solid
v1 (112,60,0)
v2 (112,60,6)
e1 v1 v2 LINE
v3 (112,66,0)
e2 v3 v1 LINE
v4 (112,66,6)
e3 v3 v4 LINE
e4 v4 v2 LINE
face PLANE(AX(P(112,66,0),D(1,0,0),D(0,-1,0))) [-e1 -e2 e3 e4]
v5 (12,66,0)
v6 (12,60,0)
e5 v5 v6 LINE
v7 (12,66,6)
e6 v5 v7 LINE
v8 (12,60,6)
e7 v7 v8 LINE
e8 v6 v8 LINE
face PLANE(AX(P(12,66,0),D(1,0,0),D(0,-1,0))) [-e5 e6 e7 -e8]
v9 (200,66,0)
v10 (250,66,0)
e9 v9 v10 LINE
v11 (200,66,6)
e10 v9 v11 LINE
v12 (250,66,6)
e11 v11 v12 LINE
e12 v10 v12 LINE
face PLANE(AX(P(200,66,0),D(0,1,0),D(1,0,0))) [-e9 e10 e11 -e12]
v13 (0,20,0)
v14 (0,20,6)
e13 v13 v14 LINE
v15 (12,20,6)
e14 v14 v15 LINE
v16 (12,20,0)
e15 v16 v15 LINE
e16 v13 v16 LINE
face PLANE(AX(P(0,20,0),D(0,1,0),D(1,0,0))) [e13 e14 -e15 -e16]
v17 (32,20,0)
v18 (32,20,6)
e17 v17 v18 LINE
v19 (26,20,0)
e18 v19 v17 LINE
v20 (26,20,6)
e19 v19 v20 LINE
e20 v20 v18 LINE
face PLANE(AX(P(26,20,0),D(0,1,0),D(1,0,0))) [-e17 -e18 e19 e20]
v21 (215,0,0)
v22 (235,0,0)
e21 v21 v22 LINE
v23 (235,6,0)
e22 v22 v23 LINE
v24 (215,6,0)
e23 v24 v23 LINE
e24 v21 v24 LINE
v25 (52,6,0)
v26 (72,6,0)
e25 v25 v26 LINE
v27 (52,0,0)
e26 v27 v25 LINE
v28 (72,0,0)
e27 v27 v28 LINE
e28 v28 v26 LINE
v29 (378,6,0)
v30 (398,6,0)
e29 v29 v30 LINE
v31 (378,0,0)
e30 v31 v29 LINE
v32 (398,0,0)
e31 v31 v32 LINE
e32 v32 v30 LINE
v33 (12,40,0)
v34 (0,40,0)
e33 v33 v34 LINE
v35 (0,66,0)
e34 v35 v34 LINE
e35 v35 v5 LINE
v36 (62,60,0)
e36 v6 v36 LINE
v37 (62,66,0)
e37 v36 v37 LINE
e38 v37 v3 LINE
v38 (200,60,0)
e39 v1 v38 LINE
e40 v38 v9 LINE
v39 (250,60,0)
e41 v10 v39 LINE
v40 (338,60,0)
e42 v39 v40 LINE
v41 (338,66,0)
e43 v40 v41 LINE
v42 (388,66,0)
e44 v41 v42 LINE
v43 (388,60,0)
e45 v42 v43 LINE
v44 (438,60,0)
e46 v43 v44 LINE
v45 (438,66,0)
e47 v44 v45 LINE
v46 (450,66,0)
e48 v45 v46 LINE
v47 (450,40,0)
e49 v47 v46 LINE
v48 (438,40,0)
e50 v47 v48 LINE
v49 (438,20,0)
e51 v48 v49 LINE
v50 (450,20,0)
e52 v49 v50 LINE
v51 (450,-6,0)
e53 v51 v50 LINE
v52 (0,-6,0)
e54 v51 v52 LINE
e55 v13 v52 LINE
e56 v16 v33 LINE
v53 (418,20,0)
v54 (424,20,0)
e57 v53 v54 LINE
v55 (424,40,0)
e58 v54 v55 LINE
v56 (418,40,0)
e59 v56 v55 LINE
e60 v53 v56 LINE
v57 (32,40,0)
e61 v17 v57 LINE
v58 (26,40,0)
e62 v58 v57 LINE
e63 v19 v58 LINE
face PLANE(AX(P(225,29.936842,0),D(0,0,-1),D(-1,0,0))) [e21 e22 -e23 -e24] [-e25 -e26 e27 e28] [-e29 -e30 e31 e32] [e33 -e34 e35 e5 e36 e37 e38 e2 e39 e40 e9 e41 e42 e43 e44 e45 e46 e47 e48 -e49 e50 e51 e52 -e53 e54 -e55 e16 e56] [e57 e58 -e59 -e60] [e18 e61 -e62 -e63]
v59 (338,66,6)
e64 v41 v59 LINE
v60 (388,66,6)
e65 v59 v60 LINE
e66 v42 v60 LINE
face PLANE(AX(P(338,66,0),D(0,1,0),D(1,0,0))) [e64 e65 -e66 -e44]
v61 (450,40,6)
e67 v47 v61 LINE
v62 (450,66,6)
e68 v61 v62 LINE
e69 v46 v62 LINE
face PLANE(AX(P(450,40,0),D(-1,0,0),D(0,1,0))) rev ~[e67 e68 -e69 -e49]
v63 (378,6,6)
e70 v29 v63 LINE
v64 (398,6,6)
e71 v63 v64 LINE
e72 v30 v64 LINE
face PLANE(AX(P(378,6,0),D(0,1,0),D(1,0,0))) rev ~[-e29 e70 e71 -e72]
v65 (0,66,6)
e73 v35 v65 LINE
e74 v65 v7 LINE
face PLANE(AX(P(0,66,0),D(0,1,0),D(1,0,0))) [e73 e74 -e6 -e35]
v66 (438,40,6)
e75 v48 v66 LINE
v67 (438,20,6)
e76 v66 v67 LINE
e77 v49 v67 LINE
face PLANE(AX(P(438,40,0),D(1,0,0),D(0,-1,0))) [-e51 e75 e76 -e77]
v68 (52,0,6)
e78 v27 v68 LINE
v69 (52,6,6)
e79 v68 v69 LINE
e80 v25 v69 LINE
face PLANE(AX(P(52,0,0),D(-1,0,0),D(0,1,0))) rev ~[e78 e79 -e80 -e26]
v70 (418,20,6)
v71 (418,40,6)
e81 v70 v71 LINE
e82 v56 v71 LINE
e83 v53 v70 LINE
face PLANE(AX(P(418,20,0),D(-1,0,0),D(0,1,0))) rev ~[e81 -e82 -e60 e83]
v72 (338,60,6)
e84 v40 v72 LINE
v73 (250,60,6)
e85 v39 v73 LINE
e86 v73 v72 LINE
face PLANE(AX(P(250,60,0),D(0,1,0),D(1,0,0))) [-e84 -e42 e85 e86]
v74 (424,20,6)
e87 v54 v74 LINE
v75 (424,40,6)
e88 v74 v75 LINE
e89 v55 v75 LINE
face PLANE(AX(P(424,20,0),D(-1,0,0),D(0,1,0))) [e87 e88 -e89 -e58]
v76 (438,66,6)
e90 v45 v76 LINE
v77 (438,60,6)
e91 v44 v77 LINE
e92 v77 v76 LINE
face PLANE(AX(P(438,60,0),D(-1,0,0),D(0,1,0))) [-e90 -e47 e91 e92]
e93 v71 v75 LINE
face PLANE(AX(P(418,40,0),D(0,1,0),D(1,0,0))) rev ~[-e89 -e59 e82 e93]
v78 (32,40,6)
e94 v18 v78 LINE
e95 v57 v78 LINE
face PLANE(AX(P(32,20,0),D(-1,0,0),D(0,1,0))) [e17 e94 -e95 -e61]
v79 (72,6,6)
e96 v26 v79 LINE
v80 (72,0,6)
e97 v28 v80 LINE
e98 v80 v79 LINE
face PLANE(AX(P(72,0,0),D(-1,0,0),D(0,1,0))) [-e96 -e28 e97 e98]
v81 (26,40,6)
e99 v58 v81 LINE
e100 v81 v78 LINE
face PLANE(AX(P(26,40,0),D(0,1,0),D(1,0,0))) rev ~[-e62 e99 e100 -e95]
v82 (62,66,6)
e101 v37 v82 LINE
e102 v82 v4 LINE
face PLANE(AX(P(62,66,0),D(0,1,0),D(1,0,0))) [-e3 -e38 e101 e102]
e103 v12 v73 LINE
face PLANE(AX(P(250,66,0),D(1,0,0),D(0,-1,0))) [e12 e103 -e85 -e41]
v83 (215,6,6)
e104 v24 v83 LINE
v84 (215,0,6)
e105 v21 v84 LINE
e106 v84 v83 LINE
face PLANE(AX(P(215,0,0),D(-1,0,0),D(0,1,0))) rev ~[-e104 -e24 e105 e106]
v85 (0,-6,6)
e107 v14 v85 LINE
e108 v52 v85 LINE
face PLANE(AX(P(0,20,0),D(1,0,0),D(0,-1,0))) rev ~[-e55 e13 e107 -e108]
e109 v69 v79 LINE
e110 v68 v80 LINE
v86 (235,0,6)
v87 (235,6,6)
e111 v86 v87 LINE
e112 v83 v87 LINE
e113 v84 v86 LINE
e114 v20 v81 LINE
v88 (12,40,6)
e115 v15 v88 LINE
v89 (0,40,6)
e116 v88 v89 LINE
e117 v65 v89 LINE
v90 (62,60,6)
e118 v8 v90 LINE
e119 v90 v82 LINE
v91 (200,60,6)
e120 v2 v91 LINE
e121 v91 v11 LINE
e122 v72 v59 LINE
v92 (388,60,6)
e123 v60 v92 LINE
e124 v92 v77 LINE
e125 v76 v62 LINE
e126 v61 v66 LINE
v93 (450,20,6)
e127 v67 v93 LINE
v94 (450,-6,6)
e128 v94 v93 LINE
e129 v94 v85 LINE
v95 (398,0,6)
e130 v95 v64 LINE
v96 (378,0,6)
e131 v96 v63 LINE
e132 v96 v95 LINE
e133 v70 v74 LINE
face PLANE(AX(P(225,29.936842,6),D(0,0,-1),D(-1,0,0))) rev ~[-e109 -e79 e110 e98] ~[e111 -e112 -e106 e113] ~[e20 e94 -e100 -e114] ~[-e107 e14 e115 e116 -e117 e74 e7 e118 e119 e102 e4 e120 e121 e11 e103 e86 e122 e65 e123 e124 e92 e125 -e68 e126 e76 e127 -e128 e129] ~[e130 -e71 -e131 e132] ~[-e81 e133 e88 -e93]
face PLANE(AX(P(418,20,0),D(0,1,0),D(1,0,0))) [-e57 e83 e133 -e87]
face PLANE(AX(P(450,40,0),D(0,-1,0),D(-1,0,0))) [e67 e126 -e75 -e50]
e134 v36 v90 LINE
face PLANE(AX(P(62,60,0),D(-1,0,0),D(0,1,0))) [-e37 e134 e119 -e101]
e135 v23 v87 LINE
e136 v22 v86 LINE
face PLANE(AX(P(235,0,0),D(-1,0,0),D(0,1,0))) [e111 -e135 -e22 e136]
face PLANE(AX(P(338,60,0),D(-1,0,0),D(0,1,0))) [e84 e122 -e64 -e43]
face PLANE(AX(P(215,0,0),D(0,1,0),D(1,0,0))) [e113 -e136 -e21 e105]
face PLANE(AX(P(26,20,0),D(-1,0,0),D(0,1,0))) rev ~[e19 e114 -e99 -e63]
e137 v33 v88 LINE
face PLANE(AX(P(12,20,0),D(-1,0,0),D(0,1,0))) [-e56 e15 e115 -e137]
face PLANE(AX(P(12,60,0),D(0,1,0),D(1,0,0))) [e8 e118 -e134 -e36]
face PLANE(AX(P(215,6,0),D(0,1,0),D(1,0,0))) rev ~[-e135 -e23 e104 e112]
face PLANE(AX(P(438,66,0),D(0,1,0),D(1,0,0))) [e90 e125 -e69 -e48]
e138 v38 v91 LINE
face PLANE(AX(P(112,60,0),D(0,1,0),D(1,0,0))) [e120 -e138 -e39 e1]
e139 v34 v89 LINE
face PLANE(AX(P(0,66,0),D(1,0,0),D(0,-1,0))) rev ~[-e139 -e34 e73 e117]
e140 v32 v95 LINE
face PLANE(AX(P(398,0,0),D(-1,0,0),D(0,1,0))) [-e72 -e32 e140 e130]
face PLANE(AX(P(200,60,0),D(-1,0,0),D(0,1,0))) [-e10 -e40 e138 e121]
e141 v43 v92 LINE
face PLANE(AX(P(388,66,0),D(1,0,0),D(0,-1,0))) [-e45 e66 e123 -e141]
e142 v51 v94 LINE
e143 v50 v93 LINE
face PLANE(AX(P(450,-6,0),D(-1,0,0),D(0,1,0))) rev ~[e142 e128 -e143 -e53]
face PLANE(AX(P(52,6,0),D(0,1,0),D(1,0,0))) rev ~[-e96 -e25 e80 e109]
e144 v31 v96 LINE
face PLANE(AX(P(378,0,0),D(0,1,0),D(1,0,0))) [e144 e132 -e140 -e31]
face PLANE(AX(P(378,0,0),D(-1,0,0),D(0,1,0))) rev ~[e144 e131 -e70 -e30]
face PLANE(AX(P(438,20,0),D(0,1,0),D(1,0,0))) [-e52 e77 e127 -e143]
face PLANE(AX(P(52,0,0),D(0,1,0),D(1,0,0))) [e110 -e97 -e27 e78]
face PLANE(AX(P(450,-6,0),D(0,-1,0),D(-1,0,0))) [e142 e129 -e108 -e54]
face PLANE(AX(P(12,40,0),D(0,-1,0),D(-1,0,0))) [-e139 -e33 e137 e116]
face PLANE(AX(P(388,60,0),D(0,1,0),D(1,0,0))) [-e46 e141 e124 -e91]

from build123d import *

# Parameters (mm, degrees)
SKETCH_1_W      = 20
SKETCH_1_H      = 6
SKETCH_1_W_2    = 6
SKETCH_1_H_2    = 20
EXTRUDE_1_DEPTH = 6


with BuildPart() as part:
    # Эскиз1 → Бобышка-Вытянуть1 (new body)
    with BuildSketch(Plane.XY):
        Polygon((0, 60), (0, 66), (12, 66), (12, 60), (62, 60), (62, 66), (112, 66), (112, 60), (200, 60), (200, 66), (250, 66), (250, 60), (338, 60), (338, 66), (388, 66), (388, 60), (438, 60), (438, 66), (450, 66), (450, 60), (450, 40), (438, 40), (438, 20), (450, 20), (450, 0), (450, -6), (0, -6), (0, 0), (0, 20), (12, 20), (12, 40), (0, 40), align=None)
        with Locations((62, 3)):
            Rectangle(SKETCH_1_W, SKETCH_1_H, mode=Mode.SUBTRACT)
        with Locations((225, 3)):
            Rectangle(SKETCH_1_W, SKETCH_1_H, mode=Mode.SUBTRACT)
        with Locations((388, 3)):
            Rectangle(SKETCH_1_W, SKETCH_1_H, mode=Mode.SUBTRACT)
        with Locations((29, 30)):
            Rectangle(SKETCH_1_W_2, SKETCH_1_H_2, mode=Mode.SUBTRACT)
        with Locations((421, 30)):
            Rectangle(SKETCH_1_W_2, SKETCH_1_H_2, mode=Mode.SUBTRACT)
    extrude(amount=EXTRUDE_1_DEPTH)


solid = part.part
